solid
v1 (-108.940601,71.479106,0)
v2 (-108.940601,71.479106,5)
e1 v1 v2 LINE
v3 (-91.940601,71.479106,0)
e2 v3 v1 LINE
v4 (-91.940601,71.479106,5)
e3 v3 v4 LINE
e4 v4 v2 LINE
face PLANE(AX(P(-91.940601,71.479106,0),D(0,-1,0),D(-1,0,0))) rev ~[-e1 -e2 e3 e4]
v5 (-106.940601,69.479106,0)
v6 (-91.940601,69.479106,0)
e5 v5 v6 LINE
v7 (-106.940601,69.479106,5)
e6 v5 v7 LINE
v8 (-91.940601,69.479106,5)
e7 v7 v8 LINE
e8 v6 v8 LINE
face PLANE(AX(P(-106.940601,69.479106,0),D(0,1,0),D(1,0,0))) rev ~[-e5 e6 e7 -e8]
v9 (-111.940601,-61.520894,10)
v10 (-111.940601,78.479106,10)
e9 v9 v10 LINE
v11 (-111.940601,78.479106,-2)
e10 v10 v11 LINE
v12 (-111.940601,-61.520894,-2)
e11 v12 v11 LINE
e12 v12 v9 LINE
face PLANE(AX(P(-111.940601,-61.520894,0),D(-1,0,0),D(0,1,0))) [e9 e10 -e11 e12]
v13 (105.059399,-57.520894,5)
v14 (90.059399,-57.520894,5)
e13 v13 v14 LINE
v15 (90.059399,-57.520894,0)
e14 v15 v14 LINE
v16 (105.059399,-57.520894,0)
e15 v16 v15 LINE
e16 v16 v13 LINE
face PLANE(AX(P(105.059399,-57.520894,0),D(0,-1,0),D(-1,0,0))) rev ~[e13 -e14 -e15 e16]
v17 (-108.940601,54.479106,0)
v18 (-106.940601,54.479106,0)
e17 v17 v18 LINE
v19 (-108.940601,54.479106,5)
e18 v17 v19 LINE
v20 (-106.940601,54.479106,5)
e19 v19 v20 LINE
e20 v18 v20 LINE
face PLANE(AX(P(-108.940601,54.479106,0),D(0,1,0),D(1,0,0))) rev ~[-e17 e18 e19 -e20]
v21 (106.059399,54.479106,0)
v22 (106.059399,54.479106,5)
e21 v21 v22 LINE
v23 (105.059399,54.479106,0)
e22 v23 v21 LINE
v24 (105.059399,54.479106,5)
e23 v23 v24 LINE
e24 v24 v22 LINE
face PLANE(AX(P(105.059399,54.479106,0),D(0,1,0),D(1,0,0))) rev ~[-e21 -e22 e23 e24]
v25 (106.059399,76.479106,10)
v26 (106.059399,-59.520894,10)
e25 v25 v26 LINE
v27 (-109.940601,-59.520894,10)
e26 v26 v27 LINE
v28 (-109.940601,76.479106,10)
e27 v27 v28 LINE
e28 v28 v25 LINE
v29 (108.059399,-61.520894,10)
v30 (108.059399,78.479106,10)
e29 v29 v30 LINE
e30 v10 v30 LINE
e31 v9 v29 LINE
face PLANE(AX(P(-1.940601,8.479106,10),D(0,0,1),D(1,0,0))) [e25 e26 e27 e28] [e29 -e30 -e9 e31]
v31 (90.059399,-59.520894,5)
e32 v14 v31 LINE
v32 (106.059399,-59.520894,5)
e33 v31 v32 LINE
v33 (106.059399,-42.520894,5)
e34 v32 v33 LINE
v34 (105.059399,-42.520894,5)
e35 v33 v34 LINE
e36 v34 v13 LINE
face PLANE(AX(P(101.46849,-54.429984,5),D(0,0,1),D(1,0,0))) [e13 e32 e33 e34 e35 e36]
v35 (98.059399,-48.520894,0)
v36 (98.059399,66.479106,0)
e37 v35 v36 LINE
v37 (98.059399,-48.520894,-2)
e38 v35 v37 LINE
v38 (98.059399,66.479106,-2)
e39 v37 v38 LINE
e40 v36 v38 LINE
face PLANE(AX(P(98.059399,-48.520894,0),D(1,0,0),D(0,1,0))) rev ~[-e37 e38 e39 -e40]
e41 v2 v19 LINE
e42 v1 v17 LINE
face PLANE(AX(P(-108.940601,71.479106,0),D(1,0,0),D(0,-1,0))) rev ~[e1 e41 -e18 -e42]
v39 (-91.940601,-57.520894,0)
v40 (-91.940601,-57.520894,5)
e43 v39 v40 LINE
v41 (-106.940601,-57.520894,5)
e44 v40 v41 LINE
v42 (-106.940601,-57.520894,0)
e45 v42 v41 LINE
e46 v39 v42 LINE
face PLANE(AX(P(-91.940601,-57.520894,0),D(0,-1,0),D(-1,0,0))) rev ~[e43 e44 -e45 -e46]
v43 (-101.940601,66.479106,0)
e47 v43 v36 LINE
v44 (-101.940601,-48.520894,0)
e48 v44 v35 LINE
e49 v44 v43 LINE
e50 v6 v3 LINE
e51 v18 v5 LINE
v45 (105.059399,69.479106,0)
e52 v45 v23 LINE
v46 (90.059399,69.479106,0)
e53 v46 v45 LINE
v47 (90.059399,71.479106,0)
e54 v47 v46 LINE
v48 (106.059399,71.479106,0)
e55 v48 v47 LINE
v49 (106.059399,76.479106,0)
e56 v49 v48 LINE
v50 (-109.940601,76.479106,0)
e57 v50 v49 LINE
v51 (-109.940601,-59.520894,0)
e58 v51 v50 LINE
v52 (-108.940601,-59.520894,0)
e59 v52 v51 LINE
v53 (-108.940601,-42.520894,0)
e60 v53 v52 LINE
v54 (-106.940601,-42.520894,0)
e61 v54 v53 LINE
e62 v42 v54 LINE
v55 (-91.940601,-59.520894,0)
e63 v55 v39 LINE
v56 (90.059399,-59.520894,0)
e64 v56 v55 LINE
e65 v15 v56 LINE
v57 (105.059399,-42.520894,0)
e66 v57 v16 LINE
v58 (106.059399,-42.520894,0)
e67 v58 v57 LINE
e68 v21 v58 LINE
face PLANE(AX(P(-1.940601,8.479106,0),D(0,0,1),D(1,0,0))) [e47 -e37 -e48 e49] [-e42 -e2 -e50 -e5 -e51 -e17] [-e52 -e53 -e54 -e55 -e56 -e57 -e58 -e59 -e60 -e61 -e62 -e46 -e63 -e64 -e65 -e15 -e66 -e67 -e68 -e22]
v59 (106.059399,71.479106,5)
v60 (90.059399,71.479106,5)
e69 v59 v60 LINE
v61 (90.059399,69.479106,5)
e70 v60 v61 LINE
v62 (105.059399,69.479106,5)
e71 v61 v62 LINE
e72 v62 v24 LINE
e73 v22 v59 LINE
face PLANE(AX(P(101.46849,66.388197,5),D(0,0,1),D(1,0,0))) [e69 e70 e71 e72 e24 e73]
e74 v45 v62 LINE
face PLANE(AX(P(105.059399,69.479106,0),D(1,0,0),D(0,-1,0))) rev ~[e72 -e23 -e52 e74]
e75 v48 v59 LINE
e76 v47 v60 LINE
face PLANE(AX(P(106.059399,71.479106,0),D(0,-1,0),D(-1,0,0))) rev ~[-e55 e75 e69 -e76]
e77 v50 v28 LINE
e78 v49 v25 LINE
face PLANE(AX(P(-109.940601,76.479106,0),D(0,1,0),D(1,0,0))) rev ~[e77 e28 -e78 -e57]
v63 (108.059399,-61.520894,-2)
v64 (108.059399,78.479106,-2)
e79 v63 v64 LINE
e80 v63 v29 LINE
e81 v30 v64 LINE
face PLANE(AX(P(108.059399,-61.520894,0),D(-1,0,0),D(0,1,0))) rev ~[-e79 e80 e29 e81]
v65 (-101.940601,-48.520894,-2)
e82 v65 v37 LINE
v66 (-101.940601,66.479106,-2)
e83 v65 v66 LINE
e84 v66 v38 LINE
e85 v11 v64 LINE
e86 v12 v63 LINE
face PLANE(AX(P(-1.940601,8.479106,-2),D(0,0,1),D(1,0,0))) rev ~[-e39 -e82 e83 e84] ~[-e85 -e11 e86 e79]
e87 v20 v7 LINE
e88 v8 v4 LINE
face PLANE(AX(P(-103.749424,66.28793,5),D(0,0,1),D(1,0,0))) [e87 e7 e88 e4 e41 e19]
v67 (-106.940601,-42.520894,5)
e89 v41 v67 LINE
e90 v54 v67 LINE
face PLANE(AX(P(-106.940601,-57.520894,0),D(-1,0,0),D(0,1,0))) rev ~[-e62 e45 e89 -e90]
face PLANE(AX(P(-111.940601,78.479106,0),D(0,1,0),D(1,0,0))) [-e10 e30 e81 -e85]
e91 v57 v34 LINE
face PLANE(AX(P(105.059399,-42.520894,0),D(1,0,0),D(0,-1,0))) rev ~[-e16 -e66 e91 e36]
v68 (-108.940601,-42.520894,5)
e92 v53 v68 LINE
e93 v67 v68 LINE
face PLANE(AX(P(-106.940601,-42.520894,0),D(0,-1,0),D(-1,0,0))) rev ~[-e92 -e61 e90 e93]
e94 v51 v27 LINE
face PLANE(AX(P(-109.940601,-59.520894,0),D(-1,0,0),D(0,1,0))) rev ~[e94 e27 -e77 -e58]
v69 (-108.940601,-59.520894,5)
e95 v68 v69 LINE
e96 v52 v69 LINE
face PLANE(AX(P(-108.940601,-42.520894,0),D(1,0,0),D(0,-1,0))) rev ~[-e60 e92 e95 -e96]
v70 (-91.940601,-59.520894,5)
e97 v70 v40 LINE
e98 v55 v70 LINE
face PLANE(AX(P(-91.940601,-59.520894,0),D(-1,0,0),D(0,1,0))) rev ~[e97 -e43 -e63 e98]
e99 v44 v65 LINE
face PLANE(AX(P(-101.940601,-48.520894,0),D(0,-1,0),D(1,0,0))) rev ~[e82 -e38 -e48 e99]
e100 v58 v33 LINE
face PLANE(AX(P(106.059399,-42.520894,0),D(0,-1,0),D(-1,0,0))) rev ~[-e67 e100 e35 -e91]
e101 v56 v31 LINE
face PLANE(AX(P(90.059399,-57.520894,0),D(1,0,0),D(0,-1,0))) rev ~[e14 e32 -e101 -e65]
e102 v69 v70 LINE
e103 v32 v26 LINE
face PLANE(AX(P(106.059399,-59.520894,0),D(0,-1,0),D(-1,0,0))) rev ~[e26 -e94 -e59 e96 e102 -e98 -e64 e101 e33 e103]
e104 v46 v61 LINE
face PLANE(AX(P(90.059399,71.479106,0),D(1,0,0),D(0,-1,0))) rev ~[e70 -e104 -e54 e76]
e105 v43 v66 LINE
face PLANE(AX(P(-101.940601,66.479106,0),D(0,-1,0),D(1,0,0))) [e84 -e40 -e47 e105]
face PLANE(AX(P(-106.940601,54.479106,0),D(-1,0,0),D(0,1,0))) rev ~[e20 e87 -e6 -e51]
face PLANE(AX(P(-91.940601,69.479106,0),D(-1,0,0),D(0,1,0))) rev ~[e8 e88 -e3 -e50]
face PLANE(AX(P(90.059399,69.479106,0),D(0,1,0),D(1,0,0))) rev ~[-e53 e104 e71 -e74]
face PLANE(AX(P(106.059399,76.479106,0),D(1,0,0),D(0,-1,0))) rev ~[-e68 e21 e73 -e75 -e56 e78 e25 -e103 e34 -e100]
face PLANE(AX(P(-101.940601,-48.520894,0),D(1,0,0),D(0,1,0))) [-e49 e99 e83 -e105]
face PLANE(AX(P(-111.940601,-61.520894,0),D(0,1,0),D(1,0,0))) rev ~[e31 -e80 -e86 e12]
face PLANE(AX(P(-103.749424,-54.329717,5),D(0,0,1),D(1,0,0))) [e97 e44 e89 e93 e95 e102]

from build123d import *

# Parameters (mm, degrees)
F0_W     = 220
F0_H     = 140
F0_W_2   = 200
F0_H_2   = 115
F1_DEPTH = 2
F2_DEPTH = 5
F3_DEPTH = 10


with BuildPart() as f1:
    # F0 (on Top) → F1 (new body)
    with BuildSketch(Plane.XY):
        with Locations((-1.9406005144, 8.4791064262)):
            Rectangle(F0_W, F0_H)
        Polygon((106.0593994856, 76.4791064262), (106.0593994856, 71.4791064262), (107.0593994856, 71.4791064262), (107.0593994856, 69.4791064262), (107.0593994856, 54.4791064262), (106.0593994856, 54.4791064262), (106.0593994856, -42.5208935738), (107.0593994856, -42.5208935738), (107.0593994856, -57.5208935738), (107.0593994856, -59.5208935738), (106.0593994856, -59.5208935738), (105.0593994856, -59.5208935738), (90.0593994856, -59.5208935738), (-91.9406005144, -59.5208935738), (-106.9406005144, -59.5208935738), (-108.9406005144, -59.5208935738), (-109.9406005144, -59.5208935738), (-109.9406005144, 76.4791064262), align=None, mode=Mode.SUBTRACT)
        Polygon((90.0593994856, 69.4791064262), (90.0593994856, 71.4791064262), (105.0593994856, 71.4791064262), (106.0593994856, 71.4791064262), (106.0593994856, 76.4791064262), (-109.9406005144, 76.4791064262), (-109.9406005144, -59.5208935738), (-108.9406005144, -59.5208935738), (-108.9406005144, -57.5208935738), (-108.9406005144, -42.5208935738), (-106.9406005144, -42.5208935738), (-106.9406005144, -57.5208935738), (-91.9406005144, -57.5208935738), (-91.9406005144, -59.5208935738), (90.0593994856, -59.5208935738), (90.0593994856, -57.5208935738), (105.0593994856, -57.5208935738), (105.0593994856, -42.5208935738), (106.0593994856, -42.5208935738), (106.0593994856, 54.4791064262), (105.0593994856, 54.4791064262), (105.0593994856, 69.4791064262), align=None)
        Polygon((-106.9406005144, 54.4791064262), (-108.9406005144, 54.4791064262), (-108.9406005144, 69.4791064262), (-108.9406005144, 71.4791064262), (-106.9406005144, 71.4791064262), (-91.9406005144, 71.4791064262), (-91.9406005144, 69.4791064262), (-106.9406005144, 69.4791064262), align=None, mode=Mode.SUBTRACT)
        with Locations((-1.9406005144, 8.9791064262)):
            Rectangle(F0_W_2, F0_H_2, mode=Mode.SUBTRACT)
        Polygon((-108.9406005144, -57.5208935738), (-108.9406005144, -59.5208935738), (-106.9406005144, -59.5208935738), (-91.9406005144, -59.5208935738), (-91.9406005144, -57.5208935738), (-106.9406005144, -57.5208935738), (-106.9406005144, -42.5208935738), (-108.9406005144, -42.5208935738), align=None)
        Polygon((-108.9406005144, 69.4791064262), (-108.9406005144, 54.4791064262), (-106.9406005144, 54.4791064262), (-106.9406005144, 69.4791064262), (-91.9406005144, 69.4791064262), (-91.9406005144, 71.4791064262), (-106.9406005144, 71.4791064262), (-108.9406005144, 71.4791064262), align=None)
        Polygon((105.0593994856, 71.4791064262), (90.0593994856, 71.4791064262), (90.0593994856, 69.4791064262), (105.0593994856, 69.4791064262), (105.0593994856, 54.4791064262), (106.0593994856, 54.4791064262), (106.0593994856, 71.4791064262), align=None)
        Polygon((106.0593994856, -59.5208935738), (106.0593994856, -42.5208935738), (105.0593994856, -42.5208935738), (105.0593994856, -57.5208935738), (90.0593994856, -57.5208935738), (90.0593994856, -59.5208935738), (105.0593994856, -59.5208935738), align=None)
        Polygon((107.0593994856, 71.4791064262), (106.0593994856, 71.4791064262), (106.0593994856, 54.4791064262), (107.0593994856, 54.4791064262), (107.0593994856, 69.4791064262), align=None)
        Polygon((107.0593994856, -42.5208935738), (106.0593994856, -42.5208935738), (106.0593994856, -59.5208935738), (107.0593994856, -59.5208935738), (107.0593994856, -57.5208935738), align=None)
    extrude(amount=-F1_DEPTH)

    # F0 (on Top) → F2 (join)
    with BuildSketch(Plane.XY):
        Polygon((-108.9406005144, 69.4791064262), (-108.9406005144, 54.4791064262), (-106.9406005144, 54.4791064262), (-106.9406005144, 69.4791064262), (-91.9406005144, 69.4791064262), (-91.9406005144, 71.4791064262), (-106.9406005144, 71.4791064262), (-108.9406005144, 71.4791064262), align=None)
        Polygon((-108.9406005144, -57.5208935738), (-108.9406005144, -59.5208935738), (-106.9406005144, -59.5208935738), (-91.9406005144, -59.5208935738), (-91.9406005144, -57.5208935738), (-106.9406005144, -57.5208935738), (-106.9406005144, -42.5208935738), (-108.9406005144, -42.5208935738), align=None)
        Polygon((105.0593994856, 71.4791064262), (90.0593994856, 71.4791064262), (90.0593994856, 69.4791064262), (105.0593994856, 69.4791064262), (105.0593994856, 54.4791064262), (106.0593994856, 54.4791064262), (106.0593994856, 71.4791064262), align=None)
        Polygon((106.0593994856, -59.5208935738), (106.0593994856, -42.5208935738), (105.0593994856, -42.5208935738), (105.0593994856, -57.5208935738), (90.0593994856, -57.5208935738), (90.0593994856, -59.5208935738), (105.0593994856, -59.5208935738), align=None)
    extrude(amount=F2_DEPTH)

    # F0 (on Top) → F3 (join)
    with BuildSketch(Plane.XY):
        with Locations((-1.9406005144, 8.4791064262)):
            Rectangle(F0_W, F0_H)
        Polygon((106.0593994856, 76.4791064262), (106.0593994856, 71.4791064262), (107.0593994856, 71.4791064262), (107.0593994856, 69.4791064262), (107.0593994856, 54.4791064262), (106.0593994856, 54.4791064262), (106.0593994856, -42.5208935738), (107.0593994856, -42.5208935738), (107.0593994856, -57.5208935738), (107.0593994856, -59.5208935738), (106.0593994856, -59.5208935738), (105.0593994856, -59.5208935738), (90.0593994856, -59.5208935738), (-91.9406005144, -59.5208935738), (-106.9406005144, -59.5208935738), (-108.9406005144, -59.5208935738), (-109.9406005144, -59.5208935738), (-109.9406005144, 76.4791064262), align=None, mode=Mode.SUBTRACT)
        Polygon((107.0593994856, -42.5208935738), (106.0593994856, -42.5208935738), (106.0593994856, -59.5208935738), (107.0593994856, -59.5208935738), (107.0593994856, -57.5208935738), align=None)
        Polygon((107.0593994856, 71.4791064262), (106.0593994856, 71.4791064262), (106.0593994856, 54.4791064262), (107.0593994856, 54.4791064262), (107.0593994856, 69.4791064262), align=None)
    extrude(amount=F3_DEPTH)


solid = f1.part
